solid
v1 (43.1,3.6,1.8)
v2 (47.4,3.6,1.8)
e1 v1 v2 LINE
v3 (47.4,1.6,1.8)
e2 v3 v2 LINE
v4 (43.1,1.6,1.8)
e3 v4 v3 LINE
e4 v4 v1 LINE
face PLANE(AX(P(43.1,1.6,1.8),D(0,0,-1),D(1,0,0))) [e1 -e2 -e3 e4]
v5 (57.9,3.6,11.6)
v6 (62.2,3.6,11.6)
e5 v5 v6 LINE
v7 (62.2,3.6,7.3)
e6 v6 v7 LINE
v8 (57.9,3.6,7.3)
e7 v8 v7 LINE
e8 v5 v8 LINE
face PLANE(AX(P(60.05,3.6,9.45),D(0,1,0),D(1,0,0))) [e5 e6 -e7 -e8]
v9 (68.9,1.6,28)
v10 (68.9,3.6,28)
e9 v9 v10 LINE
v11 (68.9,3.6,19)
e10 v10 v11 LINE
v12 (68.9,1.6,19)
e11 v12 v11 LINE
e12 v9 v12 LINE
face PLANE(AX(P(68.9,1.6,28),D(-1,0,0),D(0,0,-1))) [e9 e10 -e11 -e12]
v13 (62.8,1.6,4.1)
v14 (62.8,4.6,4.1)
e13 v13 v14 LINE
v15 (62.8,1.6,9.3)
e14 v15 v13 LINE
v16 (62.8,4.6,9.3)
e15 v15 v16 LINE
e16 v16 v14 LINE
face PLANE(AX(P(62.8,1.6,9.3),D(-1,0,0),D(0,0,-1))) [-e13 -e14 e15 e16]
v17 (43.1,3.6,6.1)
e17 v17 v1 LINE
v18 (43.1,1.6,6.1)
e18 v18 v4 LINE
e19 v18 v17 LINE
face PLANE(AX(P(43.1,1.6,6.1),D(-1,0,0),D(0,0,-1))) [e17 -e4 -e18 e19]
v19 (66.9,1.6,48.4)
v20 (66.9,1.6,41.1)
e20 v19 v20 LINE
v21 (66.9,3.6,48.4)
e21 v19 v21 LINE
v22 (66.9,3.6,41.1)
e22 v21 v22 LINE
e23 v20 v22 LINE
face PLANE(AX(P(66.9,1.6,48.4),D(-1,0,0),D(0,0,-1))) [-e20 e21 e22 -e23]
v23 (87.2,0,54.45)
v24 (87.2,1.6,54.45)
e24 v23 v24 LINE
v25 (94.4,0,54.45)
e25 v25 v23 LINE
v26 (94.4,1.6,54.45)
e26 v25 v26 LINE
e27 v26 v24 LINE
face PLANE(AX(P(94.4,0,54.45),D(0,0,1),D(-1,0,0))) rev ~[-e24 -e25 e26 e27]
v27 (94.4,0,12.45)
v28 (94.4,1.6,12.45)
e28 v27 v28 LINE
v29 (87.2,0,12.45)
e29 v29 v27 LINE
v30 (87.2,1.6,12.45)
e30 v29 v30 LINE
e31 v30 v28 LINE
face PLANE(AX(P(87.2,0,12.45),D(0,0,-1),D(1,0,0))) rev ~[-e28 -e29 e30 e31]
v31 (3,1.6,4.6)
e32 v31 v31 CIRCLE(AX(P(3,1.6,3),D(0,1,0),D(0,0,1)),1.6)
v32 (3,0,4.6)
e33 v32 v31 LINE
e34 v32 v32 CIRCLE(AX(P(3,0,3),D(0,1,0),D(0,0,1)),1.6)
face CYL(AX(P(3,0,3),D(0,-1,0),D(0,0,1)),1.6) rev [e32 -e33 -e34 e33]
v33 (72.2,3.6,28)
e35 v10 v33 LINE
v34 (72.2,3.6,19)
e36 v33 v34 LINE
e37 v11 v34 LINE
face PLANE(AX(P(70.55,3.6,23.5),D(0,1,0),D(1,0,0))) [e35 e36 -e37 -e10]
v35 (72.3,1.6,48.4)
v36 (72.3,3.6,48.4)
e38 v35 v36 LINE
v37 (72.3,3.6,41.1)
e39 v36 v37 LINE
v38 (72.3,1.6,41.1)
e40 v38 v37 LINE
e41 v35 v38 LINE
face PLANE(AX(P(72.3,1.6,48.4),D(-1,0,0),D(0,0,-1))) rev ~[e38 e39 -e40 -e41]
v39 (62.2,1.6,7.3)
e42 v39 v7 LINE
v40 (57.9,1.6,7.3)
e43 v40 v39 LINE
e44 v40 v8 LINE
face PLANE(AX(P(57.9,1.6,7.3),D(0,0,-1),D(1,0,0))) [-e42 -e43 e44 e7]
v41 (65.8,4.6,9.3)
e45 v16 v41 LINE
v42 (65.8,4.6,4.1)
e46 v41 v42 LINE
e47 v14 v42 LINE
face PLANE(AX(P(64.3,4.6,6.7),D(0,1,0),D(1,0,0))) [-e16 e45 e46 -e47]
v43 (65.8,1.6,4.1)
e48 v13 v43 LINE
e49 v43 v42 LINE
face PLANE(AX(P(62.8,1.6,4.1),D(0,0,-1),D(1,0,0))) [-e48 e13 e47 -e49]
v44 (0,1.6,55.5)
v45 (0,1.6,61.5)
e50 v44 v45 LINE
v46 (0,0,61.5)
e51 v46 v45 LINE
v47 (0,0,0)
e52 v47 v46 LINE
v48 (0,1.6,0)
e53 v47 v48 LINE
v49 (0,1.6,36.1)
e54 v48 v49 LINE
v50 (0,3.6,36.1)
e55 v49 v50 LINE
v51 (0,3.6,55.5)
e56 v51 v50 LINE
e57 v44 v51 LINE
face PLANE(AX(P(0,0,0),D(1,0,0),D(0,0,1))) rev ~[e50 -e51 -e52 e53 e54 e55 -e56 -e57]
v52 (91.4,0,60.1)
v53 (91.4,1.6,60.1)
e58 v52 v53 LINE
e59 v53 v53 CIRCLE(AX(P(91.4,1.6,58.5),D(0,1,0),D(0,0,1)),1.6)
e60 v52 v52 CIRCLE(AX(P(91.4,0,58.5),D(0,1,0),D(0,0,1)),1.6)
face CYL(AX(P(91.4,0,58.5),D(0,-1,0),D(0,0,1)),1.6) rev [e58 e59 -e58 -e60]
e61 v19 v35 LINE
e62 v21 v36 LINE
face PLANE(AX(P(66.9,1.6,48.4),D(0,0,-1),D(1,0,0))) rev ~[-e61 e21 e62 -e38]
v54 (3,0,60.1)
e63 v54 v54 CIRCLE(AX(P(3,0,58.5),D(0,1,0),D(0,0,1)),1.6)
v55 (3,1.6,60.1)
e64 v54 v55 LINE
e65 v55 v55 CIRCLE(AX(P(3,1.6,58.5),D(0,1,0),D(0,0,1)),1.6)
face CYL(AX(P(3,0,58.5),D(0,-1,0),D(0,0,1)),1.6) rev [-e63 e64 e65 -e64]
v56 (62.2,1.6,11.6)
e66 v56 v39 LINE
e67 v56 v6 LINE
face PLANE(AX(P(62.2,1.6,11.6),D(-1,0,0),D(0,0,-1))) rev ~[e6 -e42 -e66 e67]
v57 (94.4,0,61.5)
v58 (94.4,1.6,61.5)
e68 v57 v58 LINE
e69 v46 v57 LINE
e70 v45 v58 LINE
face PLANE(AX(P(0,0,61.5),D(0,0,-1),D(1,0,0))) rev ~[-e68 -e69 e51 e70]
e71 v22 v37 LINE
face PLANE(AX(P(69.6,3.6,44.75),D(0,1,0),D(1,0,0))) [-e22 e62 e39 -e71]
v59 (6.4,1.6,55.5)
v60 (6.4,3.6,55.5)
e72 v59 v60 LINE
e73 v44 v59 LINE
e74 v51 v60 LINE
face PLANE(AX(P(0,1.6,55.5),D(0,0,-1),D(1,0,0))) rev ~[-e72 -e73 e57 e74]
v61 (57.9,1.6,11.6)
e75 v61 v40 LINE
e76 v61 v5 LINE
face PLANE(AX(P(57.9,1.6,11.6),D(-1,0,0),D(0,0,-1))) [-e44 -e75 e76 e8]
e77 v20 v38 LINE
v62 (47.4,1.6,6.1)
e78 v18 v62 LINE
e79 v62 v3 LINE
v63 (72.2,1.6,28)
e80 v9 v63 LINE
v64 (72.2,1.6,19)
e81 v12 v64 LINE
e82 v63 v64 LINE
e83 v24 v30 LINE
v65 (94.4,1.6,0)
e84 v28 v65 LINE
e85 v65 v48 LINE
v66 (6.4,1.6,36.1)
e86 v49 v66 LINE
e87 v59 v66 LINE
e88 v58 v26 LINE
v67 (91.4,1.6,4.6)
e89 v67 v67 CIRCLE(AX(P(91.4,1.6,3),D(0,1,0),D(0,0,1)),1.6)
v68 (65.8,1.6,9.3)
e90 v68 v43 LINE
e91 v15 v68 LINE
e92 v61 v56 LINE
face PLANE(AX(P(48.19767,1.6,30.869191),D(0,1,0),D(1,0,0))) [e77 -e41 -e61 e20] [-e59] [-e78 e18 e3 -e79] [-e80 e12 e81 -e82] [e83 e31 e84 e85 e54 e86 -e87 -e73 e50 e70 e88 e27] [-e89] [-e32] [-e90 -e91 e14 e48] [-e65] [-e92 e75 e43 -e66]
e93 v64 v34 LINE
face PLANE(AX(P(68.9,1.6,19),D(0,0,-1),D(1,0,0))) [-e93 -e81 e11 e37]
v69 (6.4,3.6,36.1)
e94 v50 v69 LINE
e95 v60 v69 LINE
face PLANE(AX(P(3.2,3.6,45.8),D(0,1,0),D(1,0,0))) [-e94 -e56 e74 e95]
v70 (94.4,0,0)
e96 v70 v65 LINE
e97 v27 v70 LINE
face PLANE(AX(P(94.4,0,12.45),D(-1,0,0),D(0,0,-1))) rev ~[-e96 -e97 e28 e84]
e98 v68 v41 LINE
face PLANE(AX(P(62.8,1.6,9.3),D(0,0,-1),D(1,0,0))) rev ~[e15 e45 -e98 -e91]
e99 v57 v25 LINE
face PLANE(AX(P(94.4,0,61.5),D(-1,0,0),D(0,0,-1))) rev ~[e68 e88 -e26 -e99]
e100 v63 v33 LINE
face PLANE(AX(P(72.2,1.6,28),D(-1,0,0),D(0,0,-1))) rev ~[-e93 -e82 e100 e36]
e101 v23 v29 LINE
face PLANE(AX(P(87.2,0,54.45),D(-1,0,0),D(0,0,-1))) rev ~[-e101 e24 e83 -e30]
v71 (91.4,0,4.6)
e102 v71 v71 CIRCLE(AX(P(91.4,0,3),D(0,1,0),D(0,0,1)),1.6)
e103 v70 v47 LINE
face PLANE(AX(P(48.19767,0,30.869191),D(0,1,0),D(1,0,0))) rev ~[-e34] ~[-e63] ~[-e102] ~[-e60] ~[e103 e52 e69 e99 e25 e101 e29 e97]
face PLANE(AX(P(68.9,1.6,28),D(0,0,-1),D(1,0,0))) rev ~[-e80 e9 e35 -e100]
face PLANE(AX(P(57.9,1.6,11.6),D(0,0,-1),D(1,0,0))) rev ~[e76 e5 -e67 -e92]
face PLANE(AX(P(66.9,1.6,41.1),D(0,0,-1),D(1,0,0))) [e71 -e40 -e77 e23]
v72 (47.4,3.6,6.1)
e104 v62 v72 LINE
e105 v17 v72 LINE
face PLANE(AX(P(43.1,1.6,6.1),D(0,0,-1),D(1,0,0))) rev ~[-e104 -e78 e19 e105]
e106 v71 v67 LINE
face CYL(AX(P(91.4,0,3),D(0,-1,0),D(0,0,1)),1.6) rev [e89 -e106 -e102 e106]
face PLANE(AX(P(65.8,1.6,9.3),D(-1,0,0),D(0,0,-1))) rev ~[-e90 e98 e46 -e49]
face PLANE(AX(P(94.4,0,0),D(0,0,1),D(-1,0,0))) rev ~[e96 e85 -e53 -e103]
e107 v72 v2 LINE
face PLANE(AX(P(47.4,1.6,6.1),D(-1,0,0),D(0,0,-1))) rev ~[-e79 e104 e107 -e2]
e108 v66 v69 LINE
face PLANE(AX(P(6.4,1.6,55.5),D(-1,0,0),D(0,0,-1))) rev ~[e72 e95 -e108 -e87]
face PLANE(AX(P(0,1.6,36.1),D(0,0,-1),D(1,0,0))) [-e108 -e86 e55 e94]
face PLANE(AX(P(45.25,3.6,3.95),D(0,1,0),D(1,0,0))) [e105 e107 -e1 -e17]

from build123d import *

# Parameters (mm, degrees)
SKETCH_1_R      = 1.6
EXTRUDE_1_DEPTH = 1.6
SKETCH_2_W      = 6.4
SKETCH_2_H      = 19.4
SKETCH_2_W_2    = 5.4
SKETCH_2_H_2    = 7.3
SKETCH_2_W_3    = 3.3
SKETCH_2_H_3    = 9
SKETCH_2_W_4    = 4.3
SKETCH_2_H_4    = 4.3
EXTRUDE_2_DEPTH = 2
SKETCH_3_W      = 3
SKETCH_3_H      = 5.2
EXTRUDE_3_DEPTH = 3


with BuildPart() as part:
    # 草图1 → 凸台-拉伸1 (new body)
    with BuildSketch(Plane(origin=(0, 0, 0), x_dir=(1, 0, 0), z_dir=(0, 1, 0))):
        Polygon((94.4, 0), (0, 0), (0, -61.5), (94.4, -61.5), (94.4, -54.45), (87.2, -54.45), (87.2, -12.45), (94.4, -12.45), align=None)
        with Locations(Location((3, -58.5, 0), (0, 0, 270))):
            Circle(SKETCH_1_R, mode=Mode.SUBTRACT)
        with Locations(Location((91.4, -58.5, 0), (0, 0, 270))):
            Circle(SKETCH_1_R, mode=Mode.SUBTRACT)
        with Locations(Location((3, -3, 0), (0, 0, 270))):
            Circle(SKETCH_1_R, mode=Mode.SUBTRACT)
        with Locations(Location((91.4, -3, 0), (0, 0, 270))):
            Circle(SKETCH_1_R, mode=Mode.SUBTRACT)
    extrude(amount=EXTRUDE_1_DEPTH)

    # 草图2 → 凸台-拉伸2 (add)
    with BuildSketch(Plane(origin=(0, 1.6, 0), x_dir=(1, 0, 0), z_dir=(0, 1, 0))):
        with Locations((3.2, -45.8)):
            Rectangle(SKETCH_2_W, SKETCH_2_H)
        with Locations((69.6, -44.75)):
            Rectangle(SKETCH_2_W_2, SKETCH_2_H_2)
        with Locations((70.55, -23.5)):
            Rectangle(SKETCH_2_W_3, SKETCH_2_H_3)
        with Locations((45.25, -3.95)):
            Rectangle(SKETCH_2_W_4, SKETCH_2_H_4)
        with Locations((60.05, -9.45)):
            Rectangle(SKETCH_2_W_4, SKETCH_2_H_4)
    extrude(amount=EXTRUDE_2_DEPTH)

    # 草图3 → 凸台-拉伸3 (add)
    with BuildSketch(Plane(origin=(0, 1.6, 0), x_dir=(1, 0, 0), z_dir=(0, 1, 0))):
        with Locations((64.3, -6.7)):
            Rectangle(SKETCH_3_W, SKETCH_3_H)
    extrude(amount=EXTRUDE_3_DEPTH)


solid = part.part
